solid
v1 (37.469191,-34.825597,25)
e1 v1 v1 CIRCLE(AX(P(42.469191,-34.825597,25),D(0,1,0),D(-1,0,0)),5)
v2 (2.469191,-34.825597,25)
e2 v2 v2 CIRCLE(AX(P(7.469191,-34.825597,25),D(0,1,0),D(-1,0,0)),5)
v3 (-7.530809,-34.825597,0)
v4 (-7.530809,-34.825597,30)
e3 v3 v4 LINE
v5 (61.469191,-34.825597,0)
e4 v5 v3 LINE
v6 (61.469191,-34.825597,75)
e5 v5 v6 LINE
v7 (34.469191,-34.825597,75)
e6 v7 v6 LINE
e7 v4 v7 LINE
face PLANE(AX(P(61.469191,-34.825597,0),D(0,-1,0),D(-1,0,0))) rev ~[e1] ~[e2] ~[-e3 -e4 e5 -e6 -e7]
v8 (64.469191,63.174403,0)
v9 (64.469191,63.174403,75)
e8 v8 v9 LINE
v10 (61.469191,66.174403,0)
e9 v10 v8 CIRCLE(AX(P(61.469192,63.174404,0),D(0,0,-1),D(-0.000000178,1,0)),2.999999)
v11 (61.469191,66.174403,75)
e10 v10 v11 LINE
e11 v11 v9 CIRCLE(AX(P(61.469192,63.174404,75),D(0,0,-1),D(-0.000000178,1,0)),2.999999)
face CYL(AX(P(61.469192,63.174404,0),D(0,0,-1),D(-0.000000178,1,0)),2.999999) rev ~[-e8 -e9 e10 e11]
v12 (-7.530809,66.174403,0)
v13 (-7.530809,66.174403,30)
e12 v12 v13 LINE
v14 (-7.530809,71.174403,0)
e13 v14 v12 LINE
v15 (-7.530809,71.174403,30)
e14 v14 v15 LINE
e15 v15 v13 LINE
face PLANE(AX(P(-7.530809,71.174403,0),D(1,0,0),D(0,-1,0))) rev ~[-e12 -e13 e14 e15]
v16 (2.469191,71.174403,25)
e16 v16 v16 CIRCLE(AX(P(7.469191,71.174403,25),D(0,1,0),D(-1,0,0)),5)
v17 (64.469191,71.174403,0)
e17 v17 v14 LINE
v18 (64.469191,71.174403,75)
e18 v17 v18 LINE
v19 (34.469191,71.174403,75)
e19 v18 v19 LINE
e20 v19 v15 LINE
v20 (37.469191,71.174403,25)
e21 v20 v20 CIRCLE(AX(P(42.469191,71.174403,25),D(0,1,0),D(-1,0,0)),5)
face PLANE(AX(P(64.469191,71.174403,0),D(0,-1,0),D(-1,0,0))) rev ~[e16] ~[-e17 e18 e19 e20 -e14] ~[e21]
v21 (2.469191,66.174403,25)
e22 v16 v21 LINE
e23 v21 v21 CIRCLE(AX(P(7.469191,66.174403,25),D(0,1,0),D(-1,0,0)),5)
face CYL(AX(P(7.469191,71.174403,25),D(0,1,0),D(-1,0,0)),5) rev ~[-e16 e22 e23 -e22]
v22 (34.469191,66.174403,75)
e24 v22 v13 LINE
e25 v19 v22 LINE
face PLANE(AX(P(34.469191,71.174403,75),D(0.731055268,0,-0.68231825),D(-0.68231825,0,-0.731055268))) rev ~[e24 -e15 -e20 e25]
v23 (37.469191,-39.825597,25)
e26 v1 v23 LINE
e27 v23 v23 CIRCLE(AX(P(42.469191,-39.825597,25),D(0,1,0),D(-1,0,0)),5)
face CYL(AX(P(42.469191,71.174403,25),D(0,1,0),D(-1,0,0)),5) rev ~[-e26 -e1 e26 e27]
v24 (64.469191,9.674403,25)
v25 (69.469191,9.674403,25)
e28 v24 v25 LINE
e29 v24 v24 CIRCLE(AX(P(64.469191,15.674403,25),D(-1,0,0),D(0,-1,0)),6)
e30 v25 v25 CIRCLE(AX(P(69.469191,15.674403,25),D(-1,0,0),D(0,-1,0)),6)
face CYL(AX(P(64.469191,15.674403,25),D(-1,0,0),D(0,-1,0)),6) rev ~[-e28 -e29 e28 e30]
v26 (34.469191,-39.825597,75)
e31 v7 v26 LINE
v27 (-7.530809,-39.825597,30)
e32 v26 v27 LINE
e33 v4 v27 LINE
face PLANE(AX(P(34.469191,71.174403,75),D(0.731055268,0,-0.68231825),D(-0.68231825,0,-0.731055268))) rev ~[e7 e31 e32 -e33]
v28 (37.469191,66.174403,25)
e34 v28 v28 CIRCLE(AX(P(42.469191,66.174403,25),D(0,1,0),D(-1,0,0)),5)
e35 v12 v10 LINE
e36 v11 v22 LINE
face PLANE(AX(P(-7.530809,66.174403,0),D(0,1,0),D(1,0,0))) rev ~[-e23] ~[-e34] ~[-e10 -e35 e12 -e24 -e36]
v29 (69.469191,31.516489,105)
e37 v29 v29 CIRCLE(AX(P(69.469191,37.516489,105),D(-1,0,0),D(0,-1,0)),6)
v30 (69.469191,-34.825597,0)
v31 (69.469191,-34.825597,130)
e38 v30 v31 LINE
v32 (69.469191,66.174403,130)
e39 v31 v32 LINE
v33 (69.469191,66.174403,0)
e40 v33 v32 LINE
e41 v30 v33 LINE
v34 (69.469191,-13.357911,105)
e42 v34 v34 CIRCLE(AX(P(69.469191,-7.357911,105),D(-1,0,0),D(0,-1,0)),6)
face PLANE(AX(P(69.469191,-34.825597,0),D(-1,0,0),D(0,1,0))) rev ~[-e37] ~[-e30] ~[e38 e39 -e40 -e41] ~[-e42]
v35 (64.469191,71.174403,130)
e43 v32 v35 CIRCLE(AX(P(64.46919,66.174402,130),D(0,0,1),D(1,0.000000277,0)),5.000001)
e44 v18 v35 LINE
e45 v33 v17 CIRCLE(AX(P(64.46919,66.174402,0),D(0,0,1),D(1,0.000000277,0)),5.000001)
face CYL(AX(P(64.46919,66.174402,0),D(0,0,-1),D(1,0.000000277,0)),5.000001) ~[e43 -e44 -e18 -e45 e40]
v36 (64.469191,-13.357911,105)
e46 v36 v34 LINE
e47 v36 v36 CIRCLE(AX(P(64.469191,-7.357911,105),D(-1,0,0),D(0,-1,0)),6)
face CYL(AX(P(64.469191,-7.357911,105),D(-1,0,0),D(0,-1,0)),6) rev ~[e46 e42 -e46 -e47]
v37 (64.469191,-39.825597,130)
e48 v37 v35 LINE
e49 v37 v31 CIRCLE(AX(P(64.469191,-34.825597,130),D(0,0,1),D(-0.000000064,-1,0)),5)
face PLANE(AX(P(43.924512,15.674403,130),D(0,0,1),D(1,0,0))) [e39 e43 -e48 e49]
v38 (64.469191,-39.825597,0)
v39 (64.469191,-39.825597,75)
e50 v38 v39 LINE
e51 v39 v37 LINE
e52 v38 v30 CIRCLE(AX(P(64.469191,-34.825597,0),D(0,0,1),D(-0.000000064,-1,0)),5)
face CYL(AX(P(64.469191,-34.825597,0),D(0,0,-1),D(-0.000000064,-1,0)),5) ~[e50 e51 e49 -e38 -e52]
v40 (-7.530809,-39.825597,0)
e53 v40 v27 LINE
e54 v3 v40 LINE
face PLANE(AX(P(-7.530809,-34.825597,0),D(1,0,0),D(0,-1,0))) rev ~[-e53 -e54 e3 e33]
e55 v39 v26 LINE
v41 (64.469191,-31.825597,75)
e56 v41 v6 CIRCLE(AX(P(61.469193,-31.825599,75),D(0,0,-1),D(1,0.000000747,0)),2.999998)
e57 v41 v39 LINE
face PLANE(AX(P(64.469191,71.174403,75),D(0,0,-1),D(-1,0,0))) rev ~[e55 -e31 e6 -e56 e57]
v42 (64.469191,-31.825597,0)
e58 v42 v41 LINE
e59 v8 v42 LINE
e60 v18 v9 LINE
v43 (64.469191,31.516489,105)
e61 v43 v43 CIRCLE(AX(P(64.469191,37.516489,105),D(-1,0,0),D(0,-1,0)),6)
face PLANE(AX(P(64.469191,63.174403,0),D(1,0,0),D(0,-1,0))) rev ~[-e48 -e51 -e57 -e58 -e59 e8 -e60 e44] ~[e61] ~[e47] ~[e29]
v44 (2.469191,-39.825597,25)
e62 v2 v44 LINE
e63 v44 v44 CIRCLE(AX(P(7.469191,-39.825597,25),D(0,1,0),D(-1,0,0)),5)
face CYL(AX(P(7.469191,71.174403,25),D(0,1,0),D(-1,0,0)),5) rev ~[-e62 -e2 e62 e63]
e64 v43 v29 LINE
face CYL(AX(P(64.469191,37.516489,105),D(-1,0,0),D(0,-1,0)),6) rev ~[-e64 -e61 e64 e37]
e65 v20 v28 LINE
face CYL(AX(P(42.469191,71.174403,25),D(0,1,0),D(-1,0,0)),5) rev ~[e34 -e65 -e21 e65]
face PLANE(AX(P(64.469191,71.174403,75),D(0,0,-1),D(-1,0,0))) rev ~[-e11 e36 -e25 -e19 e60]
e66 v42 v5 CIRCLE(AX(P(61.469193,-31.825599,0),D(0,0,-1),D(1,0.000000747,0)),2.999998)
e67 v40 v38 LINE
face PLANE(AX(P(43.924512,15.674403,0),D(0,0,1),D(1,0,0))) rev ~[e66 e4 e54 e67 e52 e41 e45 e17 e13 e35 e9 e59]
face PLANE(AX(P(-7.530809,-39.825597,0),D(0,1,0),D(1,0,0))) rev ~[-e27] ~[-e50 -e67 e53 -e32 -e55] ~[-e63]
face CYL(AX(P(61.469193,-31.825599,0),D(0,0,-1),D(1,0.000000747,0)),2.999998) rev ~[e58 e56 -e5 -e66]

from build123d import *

# Parameters (mm, degrees)
F1_DEPTH = 130
F2_R     = 6
F3_DEPTH = 25
F4_R     = 5
F5_DEPTH = 111.001
F6_DEPTH = 111.001


with BuildPart() as f1:
    # F0 (on Top) → F1 (new body)
    with BuildSketch(Plane.XY):
        with BuildLine():
            Line((64.469191, 71.174403), (-7.530809, 71.174403))
            Line((-7.530809, 71.174403), (-7.530809, 66.174403))
            Line((-7.530809, 66.174403), (61.469191, 66.174403))
            ThreePointArc((61.469191, 66.174403), (63.590512, 65.295723), (64.469191, 63.174403))
            Line((64.469191, 63.174403), (64.469191, -31.825597))
            ThreePointArc((64.469191, -31.825597), (63.590512, -33.946918), (61.469191, -34.825597))
            Line((61.469191, -34.825597), (-7.530809, -34.825597))
            Line((-7.530809, -34.825597), (-7.530809, -39.825597))
            Line((-7.530809, -39.825597), (64.469191, -39.825597))
            ThreePointArc((64.469191, -39.825597), (68.004725, -38.361131), (69.469191, -34.825597))
            Line((69.469191, -34.825597), (69.469191, 66.174403))
            ThreePointArc((69.469191, 66.174403), (68.004725, 69.709936), (64.469191, 71.174403))
        make_face()
    extrude(amount=F1_DEPTH)

    # F2 (on face) → F3 (cut)
    with BuildSketch(Plane(origin=(64.469191, 0, 0), x_dir=(0, -1, 0), z_dir=(-1, 0, 0))):
        with Locations((-15.674403, 25)):
            Circle(F2_R)
        with Locations((-37.516489, 105)):
            Circle(F2_R)
        with Locations((7.357911, 105)):
            Circle(F2_R)
    extrude(amount=-F3_DEPTH, mode=Mode.SUBTRACT)

    # F4 (on face) → F5 (cut, through all)
    with BuildSketch(Plane(origin=(0, 71.174403, 0), x_dir=(-1, 0, 0), z_dir=(0, 1, 0))):
        with Locations((-42.469191, 25)):
            Circle(F4_R)
        with Locations((-7.469191, 25)):
            Circle(F4_R)
        Polygon((-34.469191, 75), (7.530809, 30), (7.530809, 130), (-64.469191, 130), (-64.469191, 75), align=None)
    extrude(amount=-F5_DEPTH, mode=Mode.SUBTRACT)

    # F4 (on face) → F6 (cut, through all)
    with BuildSketch(Plane(origin=(0, 71.174403, 0), x_dir=(-1, 0, 0), z_dir=(0, 1, 0))):
        with Locations((-42.469191, 25)):
            Circle(F4_R)
        with Locations((-7.469191, 25)):
            Circle(F4_R)
    extrude(amount=-F6_DEPTH, mode=Mode.SUBTRACT)


solid = f1.part
